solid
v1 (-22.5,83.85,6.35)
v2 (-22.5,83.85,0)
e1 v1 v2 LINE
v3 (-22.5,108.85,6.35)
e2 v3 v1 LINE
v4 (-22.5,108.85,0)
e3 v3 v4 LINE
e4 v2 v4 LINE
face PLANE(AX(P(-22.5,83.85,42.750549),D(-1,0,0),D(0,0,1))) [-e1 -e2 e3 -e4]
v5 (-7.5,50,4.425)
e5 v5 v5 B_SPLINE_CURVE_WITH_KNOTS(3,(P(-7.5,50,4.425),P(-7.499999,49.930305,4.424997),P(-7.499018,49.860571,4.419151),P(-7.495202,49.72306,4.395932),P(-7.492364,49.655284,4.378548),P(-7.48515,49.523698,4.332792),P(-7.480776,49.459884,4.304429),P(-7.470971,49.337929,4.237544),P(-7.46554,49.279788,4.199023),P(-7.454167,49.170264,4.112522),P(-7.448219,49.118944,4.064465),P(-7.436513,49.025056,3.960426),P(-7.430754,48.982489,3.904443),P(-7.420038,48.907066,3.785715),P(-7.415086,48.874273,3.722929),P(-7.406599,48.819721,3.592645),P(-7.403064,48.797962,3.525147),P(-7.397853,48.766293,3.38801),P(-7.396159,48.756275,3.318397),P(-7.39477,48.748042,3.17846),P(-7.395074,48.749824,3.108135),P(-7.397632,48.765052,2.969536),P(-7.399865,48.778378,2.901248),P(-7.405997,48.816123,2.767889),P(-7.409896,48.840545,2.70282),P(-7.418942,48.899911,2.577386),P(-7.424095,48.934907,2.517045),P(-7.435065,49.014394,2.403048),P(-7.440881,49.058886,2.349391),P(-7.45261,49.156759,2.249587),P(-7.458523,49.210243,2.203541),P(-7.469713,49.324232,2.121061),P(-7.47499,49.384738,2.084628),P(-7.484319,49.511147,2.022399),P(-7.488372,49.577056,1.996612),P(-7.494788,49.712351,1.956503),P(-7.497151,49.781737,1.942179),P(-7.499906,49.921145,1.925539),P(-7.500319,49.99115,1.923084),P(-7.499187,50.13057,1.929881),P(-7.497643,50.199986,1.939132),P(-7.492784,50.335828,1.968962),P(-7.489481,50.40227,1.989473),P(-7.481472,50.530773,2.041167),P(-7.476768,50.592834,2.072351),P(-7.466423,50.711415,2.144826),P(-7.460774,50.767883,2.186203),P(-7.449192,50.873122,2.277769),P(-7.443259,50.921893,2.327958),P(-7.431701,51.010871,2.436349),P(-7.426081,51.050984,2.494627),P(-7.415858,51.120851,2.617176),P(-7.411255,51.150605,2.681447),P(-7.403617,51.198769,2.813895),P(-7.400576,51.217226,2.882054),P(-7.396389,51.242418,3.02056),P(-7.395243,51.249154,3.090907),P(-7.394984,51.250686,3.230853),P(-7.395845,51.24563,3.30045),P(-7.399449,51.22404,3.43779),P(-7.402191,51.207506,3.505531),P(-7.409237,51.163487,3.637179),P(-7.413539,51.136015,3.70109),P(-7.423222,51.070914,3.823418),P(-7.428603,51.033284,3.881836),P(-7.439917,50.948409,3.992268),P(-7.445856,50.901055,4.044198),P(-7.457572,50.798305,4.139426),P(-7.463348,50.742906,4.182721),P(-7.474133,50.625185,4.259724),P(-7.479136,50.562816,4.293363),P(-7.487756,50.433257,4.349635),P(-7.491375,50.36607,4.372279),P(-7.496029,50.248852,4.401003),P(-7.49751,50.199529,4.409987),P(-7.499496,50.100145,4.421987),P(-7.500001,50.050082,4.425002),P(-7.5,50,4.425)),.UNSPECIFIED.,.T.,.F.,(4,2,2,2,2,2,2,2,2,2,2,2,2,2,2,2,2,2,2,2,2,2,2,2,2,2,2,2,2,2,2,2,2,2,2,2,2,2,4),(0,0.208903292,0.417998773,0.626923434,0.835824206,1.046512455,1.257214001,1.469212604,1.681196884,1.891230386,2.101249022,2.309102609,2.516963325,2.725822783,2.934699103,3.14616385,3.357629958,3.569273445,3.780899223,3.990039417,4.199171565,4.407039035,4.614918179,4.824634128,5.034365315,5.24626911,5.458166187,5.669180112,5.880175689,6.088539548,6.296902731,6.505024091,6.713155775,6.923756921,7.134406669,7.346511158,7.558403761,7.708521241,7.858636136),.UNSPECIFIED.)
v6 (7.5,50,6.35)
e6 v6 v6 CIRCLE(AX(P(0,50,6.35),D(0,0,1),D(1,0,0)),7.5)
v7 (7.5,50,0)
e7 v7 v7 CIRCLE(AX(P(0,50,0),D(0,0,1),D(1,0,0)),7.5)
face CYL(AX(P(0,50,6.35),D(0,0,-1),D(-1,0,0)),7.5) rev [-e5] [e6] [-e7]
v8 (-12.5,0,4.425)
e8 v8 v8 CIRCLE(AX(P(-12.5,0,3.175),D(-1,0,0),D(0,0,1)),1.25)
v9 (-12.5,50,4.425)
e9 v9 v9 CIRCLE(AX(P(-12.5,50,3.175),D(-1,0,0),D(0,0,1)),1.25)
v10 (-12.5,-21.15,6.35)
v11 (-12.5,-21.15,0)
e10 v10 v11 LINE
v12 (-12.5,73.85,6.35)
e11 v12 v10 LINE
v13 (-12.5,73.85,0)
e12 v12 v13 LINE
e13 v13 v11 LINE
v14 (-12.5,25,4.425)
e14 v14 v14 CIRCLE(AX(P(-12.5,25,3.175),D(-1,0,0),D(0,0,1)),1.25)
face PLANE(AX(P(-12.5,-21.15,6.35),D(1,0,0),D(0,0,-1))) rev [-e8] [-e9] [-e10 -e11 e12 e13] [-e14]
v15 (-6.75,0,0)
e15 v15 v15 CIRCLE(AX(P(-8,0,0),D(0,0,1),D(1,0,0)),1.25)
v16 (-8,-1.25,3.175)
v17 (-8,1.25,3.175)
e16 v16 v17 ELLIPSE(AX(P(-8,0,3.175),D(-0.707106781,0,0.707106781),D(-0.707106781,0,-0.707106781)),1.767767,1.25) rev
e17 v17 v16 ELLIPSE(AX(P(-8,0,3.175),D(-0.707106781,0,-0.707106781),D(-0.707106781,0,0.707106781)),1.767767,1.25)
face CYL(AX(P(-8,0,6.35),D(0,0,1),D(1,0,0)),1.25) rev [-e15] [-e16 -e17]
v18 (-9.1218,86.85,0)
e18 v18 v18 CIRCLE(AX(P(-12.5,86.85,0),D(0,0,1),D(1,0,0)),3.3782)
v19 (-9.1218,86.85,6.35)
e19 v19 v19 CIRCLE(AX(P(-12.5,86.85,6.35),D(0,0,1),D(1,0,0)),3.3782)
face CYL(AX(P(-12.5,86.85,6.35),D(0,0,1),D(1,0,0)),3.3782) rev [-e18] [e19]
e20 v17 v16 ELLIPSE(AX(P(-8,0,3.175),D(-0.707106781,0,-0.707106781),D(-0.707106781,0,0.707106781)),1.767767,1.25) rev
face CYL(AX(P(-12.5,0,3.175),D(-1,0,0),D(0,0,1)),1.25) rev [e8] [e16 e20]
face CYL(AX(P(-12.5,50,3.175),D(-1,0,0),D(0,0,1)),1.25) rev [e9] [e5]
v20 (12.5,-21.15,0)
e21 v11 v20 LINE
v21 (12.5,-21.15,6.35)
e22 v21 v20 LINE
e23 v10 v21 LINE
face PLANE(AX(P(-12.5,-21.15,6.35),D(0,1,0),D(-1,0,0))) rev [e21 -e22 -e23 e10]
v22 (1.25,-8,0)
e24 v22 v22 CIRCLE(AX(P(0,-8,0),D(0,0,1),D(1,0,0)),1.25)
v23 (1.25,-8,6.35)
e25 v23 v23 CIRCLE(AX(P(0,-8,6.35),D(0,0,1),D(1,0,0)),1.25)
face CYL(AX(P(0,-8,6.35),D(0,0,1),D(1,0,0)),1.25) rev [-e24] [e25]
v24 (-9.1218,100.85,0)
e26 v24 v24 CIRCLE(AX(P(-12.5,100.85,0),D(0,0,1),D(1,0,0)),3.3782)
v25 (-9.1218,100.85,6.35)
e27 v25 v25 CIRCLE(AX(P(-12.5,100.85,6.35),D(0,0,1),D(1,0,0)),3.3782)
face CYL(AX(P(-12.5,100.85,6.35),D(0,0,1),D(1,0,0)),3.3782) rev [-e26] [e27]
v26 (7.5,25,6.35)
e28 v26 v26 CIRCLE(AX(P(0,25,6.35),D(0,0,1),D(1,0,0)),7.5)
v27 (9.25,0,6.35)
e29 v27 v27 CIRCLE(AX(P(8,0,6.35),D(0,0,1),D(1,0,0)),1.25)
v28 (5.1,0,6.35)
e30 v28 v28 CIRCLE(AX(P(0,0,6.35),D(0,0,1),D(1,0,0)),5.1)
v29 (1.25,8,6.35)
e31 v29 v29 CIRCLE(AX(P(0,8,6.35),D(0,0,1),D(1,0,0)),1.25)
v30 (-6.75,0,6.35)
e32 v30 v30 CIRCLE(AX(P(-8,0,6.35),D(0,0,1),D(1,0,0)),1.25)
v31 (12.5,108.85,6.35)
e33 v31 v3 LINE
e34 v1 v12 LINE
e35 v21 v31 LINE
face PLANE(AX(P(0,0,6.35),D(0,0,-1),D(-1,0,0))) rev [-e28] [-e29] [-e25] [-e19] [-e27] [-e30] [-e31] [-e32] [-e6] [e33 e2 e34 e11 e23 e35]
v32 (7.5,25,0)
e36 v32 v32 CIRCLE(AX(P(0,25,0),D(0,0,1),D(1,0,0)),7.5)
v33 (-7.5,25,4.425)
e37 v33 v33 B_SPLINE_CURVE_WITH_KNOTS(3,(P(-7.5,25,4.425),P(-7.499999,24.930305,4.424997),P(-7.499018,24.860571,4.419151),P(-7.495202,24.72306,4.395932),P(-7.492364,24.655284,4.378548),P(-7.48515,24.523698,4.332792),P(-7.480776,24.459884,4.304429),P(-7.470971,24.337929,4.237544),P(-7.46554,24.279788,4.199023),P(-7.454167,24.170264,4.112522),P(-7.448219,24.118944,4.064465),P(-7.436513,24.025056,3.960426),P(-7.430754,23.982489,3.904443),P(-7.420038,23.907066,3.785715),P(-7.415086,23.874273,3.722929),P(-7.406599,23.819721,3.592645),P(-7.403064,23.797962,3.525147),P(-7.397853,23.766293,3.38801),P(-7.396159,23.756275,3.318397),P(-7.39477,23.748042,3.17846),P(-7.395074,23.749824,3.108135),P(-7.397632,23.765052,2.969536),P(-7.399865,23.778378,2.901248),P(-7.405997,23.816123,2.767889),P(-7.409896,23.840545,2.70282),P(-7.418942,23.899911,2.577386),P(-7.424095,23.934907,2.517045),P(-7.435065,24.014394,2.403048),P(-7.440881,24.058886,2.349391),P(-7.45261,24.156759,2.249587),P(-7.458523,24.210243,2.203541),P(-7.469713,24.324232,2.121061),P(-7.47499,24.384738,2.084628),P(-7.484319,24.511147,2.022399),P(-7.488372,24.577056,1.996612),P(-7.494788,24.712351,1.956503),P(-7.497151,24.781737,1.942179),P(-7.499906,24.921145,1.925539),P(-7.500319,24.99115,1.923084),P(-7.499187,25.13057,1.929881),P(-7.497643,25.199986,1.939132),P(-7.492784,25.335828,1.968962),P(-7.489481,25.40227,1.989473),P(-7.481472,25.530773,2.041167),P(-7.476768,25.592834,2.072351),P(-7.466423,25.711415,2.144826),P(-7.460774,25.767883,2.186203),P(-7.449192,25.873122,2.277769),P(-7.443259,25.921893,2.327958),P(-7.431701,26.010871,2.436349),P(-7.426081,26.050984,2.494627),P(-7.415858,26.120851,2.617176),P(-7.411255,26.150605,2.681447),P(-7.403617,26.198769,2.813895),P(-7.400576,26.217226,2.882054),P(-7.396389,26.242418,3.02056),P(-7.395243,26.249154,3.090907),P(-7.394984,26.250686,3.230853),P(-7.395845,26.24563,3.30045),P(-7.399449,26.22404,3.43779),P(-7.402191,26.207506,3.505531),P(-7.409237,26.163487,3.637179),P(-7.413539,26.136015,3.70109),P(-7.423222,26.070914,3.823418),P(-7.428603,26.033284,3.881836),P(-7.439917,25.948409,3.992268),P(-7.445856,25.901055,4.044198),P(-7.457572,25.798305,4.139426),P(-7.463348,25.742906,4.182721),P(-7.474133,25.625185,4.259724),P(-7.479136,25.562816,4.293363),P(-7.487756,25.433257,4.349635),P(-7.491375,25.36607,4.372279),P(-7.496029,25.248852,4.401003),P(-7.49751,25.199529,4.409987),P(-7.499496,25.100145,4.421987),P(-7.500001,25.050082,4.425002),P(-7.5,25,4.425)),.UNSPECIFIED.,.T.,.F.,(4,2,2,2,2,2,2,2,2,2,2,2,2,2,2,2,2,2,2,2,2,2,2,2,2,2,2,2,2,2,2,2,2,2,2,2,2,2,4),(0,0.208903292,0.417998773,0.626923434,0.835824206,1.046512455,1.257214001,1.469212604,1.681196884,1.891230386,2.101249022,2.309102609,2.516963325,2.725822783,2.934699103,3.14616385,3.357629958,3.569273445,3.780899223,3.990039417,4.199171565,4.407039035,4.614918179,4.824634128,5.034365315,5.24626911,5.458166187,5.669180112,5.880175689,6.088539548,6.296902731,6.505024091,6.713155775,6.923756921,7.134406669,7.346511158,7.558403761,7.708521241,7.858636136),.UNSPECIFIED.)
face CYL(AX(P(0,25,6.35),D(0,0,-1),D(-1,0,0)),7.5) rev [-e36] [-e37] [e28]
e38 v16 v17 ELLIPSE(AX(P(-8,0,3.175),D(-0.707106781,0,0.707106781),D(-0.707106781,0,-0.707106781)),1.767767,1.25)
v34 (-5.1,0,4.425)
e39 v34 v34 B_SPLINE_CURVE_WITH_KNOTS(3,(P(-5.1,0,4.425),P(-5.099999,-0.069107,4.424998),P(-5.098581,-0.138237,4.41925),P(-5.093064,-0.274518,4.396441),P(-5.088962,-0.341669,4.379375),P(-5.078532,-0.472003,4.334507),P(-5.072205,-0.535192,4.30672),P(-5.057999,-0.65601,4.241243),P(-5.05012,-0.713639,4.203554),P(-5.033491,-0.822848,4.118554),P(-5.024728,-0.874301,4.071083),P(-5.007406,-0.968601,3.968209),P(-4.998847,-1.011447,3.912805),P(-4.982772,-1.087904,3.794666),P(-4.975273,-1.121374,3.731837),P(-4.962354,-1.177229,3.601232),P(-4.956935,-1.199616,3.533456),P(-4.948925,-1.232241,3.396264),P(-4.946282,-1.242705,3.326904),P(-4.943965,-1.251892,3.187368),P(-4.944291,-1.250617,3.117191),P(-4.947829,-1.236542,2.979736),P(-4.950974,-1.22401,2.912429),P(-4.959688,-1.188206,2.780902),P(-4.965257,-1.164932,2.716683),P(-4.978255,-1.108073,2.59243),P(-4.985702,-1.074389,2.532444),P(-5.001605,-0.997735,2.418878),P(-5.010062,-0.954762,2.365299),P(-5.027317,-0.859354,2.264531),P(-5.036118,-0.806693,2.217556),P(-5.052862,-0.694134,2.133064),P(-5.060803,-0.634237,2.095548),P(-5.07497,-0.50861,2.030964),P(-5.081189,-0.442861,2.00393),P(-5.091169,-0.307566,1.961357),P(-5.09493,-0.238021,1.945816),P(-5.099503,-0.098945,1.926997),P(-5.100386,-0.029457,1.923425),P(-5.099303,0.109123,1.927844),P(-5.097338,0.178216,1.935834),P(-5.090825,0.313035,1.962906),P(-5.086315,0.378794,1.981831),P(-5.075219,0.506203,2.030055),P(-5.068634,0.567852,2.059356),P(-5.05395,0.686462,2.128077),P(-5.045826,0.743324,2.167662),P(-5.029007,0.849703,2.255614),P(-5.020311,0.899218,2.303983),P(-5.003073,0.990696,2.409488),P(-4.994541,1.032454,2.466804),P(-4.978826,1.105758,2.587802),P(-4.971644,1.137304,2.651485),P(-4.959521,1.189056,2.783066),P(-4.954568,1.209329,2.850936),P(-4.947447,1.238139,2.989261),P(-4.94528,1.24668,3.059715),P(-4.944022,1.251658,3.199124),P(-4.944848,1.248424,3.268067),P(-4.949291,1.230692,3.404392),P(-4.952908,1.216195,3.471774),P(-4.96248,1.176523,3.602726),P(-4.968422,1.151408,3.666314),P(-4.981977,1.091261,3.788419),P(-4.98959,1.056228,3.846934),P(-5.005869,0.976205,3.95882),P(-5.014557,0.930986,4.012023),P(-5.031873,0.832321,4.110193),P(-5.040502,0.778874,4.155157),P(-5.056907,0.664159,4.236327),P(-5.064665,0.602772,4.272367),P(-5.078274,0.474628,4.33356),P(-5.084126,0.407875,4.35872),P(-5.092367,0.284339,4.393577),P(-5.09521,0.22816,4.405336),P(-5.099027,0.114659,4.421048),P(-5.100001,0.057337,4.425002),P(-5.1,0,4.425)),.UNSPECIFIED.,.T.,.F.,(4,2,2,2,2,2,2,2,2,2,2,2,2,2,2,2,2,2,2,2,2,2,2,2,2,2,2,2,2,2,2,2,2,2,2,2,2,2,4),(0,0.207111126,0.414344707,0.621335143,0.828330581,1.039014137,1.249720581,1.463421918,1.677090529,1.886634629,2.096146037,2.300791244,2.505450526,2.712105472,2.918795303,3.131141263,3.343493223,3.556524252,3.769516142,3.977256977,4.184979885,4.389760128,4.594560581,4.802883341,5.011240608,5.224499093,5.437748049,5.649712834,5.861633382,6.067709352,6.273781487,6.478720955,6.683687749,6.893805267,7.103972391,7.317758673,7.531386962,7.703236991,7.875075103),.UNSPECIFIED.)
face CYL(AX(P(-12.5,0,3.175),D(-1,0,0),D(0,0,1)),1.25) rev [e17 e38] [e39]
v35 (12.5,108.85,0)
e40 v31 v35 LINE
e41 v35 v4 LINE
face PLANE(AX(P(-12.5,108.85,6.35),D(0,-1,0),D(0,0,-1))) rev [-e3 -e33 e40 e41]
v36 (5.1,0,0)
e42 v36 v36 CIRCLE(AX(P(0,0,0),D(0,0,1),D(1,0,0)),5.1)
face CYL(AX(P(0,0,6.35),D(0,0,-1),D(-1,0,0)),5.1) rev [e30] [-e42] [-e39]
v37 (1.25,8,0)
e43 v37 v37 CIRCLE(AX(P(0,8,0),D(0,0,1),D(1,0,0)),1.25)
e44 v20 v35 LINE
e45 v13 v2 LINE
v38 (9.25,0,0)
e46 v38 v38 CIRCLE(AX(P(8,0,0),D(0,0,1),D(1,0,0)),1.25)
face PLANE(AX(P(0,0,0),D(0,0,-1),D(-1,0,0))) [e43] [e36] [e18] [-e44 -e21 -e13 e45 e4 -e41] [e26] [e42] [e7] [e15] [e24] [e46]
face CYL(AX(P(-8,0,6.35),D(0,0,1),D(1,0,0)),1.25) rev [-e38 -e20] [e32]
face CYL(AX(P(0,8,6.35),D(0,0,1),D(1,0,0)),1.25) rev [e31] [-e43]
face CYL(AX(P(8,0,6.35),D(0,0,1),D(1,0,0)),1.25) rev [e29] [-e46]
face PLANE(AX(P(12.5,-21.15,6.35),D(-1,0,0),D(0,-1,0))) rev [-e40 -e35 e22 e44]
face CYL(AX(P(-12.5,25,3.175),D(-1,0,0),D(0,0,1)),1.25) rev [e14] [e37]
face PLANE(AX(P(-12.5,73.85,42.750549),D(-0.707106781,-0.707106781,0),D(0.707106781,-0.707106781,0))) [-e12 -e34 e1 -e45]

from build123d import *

# Parameters (mm, degrees)
SKETCH2_W                       = 25
SKETCH2_H                       = 130
SKETCH2_R                       = 5.1
SKETCH2_R_2                     = 7.5
BOSS_EXTRUDE1_DEPTH             = 6.35
TAP_DRILL_FOR_M3X0_5_TAP1_D     = 2.5
TAP_DRILL_FOR_M3X0_5_TAP1_DEPTH = 12.5
TAP_DRILL_FOR_M3X0_5_TAP1_TIP   = 0.751075774
BOSS_EXTRUDE2_DEPTH             = 6.35
F_1_4_CLEARANCE_HOLE1_D         = 6.7564
TAP_DRILL_FOR_M3X0_5_TAP2_D     = 2.5


with BuildPart() as part:
    # Sketch2 → Boss-Extrude1 (new body)
    with BuildSketch(Plane.XY):
        with Locations((0, 43.85)):
            Rectangle(SKETCH2_W, SKETCH2_H)
        Circle(SKETCH2_R, mode=Mode.SUBTRACT)
        with Locations((0, 25)):
            Circle(SKETCH2_R_2, mode=Mode.SUBTRACT)
        with Locations((0, 50)):
            Circle(SKETCH2_R_2, mode=Mode.SUBTRACT)
    extrude(amount=BOSS_EXTRUDE1_DEPTH)

    # Tap Drill for M3x0.5 Tap1
    with Locations(Plane.ZY.offset(12.5)):
        with Locations((3.175, 50), (3.175, 0), (3.175, 25)):
            Hole(TAP_DRILL_FOR_M3X0_5_TAP1_D / 2, depth=TAP_DRILL_FOR_M3X0_5_TAP1_DEPTH)
            with Locations((0, 0, -(TAP_DRILL_FOR_M3X0_5_TAP1_DEPTH + TAP_DRILL_FOR_M3X0_5_TAP1_TIP / 2))):  # 118° drill point
                Cone(0, TAP_DRILL_FOR_M3X0_5_TAP1_D / 2, TAP_DRILL_FOR_M3X0_5_TAP1_TIP, mode=Mode.SUBTRACT)

    # Sketch8 → Boss-Extrude2 (add)
    with BuildSketch(Plane(origin=(0, 0, 0), x_dir=(-1, 0, 0), z_dir=(0, 0, -1))):
        Polygon((12.5, 73.85), (22.5, 83.85), (22.5, 108.85), (12.5, 108.85), align=None)
    extrude(amount=-BOSS_EXTRUDE2_DEPTH)

    # 1/4 Clearance Hole1 (through all)
    with Locations(Plane.XY.offset(6.35)):
        with Locations((-12.5, 86.85), (-12.5, 100.85)):
            Hole(F_1_4_CLEARANCE_HOLE1_D / 2)

    # Tap Drill for M3x0.5 Tap2 (through all)
    with Locations(Plane.XY.offset(6.35)):
        with Locations((-8, 0), (0, 8), (8, 0), (0, -8)):
            Hole(TAP_DRILL_FOR_M3X0_5_TAP2_D / 2)


solid = part.part
